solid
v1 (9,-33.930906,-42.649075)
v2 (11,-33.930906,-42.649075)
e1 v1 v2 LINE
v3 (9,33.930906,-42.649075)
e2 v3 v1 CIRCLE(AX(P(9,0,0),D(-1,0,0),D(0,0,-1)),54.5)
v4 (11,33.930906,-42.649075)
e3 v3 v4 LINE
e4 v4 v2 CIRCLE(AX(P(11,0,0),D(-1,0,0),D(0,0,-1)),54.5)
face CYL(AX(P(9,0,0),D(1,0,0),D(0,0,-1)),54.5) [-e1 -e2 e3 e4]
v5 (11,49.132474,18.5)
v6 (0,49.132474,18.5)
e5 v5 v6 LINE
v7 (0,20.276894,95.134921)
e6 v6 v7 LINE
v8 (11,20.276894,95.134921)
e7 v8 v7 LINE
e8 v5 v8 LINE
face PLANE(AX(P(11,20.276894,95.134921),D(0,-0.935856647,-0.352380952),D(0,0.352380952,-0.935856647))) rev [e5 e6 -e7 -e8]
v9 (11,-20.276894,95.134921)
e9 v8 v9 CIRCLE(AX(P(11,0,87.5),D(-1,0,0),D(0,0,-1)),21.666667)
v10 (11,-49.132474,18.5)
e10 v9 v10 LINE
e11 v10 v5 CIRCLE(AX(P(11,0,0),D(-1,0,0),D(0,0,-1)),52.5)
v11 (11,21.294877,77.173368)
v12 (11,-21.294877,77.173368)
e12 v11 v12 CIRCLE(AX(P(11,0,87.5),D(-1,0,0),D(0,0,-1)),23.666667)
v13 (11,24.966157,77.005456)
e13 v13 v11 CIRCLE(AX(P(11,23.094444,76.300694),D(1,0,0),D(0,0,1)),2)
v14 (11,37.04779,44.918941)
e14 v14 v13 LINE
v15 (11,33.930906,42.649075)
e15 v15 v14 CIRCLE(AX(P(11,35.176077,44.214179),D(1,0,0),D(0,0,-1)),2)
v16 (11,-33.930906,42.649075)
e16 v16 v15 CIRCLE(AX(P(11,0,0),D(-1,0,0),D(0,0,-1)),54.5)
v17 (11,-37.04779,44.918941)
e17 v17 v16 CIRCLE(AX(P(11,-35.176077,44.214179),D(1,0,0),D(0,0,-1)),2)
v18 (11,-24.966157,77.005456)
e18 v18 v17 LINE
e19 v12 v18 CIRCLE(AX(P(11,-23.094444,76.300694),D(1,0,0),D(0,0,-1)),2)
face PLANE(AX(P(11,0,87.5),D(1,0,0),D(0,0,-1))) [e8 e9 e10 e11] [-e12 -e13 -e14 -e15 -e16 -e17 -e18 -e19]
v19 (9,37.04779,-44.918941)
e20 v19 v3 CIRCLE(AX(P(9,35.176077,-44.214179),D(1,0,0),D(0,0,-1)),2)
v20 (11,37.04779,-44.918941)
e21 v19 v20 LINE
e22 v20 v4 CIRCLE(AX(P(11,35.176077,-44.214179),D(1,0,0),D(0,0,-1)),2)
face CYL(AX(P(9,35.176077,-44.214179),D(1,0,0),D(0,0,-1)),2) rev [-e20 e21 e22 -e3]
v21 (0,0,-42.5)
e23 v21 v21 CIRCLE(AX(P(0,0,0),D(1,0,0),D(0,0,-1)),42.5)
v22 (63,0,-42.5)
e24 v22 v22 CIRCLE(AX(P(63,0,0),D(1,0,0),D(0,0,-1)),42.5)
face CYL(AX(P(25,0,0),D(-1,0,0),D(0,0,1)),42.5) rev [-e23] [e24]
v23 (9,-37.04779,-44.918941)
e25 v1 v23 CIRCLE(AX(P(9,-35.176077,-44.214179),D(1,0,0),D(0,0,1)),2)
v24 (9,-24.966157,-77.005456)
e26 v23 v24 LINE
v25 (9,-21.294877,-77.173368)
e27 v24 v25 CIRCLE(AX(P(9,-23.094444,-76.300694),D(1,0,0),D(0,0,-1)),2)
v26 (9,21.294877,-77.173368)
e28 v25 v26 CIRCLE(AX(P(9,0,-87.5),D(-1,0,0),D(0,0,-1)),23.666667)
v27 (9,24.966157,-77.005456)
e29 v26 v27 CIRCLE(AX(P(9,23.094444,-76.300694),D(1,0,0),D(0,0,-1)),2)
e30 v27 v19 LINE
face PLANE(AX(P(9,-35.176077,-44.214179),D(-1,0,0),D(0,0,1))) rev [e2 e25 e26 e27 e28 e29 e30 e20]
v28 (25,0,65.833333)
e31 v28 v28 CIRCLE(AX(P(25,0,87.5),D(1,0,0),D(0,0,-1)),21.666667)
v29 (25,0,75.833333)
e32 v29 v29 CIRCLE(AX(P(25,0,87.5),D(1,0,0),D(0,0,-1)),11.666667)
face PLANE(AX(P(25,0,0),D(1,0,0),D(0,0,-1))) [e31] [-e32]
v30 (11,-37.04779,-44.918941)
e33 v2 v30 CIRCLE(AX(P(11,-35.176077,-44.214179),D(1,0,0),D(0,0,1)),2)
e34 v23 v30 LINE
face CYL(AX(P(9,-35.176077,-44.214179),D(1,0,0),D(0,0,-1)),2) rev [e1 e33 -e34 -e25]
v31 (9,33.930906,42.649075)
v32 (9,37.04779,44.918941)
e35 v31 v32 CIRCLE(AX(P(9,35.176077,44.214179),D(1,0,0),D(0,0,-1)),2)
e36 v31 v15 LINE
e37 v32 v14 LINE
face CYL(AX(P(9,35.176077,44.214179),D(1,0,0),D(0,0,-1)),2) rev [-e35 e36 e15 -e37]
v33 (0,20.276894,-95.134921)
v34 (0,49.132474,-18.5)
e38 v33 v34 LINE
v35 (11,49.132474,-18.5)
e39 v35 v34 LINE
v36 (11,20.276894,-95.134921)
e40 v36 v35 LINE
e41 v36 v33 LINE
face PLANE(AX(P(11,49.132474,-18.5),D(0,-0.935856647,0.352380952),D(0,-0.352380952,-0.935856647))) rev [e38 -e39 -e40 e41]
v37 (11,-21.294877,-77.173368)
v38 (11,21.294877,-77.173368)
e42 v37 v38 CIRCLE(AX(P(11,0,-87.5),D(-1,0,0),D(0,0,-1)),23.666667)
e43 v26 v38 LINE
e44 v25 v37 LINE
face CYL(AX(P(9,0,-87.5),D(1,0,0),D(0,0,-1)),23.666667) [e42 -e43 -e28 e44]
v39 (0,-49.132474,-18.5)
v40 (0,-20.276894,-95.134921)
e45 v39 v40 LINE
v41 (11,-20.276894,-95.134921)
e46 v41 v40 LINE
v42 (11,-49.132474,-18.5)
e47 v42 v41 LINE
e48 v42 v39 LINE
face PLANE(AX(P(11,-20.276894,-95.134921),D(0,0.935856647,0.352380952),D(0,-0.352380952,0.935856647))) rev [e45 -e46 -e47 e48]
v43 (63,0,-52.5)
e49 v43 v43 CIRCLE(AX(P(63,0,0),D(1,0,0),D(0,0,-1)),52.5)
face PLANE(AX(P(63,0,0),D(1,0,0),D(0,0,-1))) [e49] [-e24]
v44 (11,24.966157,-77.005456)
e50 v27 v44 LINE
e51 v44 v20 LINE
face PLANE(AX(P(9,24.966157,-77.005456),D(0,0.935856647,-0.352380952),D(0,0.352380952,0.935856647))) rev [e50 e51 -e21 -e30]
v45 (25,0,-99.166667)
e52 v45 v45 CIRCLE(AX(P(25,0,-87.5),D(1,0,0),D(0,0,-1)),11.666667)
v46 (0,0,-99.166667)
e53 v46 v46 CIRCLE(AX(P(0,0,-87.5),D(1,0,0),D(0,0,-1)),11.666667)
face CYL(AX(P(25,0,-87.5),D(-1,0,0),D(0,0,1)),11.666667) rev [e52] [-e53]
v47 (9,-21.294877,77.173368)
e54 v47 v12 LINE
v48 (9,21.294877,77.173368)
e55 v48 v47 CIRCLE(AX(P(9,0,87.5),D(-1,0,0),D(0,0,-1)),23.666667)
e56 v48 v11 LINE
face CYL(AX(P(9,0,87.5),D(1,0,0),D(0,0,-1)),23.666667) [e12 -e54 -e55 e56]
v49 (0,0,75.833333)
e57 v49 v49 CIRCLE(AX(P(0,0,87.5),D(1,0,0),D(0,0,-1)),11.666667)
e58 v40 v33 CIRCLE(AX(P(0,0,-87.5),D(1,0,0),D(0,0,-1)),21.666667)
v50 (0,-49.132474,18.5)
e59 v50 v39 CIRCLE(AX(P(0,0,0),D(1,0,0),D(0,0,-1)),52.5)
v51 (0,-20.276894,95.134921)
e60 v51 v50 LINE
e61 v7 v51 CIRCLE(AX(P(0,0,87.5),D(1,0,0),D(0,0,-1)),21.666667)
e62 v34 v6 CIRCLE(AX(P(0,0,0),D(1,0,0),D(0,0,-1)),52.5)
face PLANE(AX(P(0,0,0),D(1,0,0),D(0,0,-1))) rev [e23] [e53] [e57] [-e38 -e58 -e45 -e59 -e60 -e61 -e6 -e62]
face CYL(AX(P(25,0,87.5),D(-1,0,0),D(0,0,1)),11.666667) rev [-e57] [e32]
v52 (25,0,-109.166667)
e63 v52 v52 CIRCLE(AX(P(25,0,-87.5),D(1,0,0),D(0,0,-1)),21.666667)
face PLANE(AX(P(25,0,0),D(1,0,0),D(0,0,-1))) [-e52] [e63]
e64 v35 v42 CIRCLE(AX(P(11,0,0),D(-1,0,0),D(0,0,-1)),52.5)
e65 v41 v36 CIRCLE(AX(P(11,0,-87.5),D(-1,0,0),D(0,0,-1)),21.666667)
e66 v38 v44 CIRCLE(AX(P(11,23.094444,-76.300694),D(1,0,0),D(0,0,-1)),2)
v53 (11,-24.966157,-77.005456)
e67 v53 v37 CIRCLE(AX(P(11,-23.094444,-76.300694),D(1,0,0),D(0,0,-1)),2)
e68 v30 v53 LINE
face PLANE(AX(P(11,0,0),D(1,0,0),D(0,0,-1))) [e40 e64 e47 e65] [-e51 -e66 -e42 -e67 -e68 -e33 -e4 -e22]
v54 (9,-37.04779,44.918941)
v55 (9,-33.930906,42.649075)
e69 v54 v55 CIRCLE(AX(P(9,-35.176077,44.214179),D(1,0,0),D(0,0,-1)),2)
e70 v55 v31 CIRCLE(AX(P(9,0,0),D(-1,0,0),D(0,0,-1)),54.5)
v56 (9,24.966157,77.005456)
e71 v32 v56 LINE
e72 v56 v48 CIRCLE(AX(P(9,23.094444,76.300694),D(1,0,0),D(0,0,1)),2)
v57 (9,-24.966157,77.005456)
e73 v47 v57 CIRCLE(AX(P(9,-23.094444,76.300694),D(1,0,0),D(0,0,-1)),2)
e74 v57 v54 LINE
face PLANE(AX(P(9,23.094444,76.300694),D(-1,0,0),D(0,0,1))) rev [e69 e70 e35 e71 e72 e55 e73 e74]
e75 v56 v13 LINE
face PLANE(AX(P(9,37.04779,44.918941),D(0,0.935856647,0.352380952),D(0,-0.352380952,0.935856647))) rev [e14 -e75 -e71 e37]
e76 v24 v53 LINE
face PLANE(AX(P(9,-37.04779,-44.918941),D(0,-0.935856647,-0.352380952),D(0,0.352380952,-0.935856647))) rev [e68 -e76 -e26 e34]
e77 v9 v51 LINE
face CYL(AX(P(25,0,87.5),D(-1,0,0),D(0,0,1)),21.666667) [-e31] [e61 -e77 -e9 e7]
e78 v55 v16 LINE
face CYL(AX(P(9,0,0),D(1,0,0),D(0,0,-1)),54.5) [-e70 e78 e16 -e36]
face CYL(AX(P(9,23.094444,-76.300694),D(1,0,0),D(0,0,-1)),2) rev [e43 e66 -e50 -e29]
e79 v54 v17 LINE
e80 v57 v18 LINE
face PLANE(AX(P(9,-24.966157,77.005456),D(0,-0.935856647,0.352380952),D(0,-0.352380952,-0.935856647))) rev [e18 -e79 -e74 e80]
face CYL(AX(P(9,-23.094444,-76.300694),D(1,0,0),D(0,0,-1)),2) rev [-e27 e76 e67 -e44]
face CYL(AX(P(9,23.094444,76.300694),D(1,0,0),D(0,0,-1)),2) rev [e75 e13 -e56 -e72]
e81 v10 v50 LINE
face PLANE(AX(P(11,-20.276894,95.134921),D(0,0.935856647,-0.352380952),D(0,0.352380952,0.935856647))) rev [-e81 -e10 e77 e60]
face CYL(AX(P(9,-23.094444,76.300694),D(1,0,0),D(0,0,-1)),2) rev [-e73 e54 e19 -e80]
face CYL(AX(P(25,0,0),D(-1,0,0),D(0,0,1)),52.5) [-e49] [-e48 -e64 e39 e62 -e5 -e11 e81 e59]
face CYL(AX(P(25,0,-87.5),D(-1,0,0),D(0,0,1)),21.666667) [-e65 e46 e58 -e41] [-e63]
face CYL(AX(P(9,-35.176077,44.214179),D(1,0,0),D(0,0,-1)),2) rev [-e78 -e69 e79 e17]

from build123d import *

# Parameters (mm, degrees)
SKETCH1_R             = 52.5
SKETCH1_R_2           = 42.5
BOSS_EXTRUDE1_DEPTH   = 25
SKETCH1_R_3           = 21.666666667
SKETCH1_R_4           = 11.666666667
BOSS_EXTRUDE1_2_DEPTH = 25
BOSS_EXTRUDE1_3_DEPTH = 25
SKETCH2_R             = 52.5
SKETCH2_R_2           = 42.5
BOSS_EXTRUDE2_DEPTH   = 38
BOSS_EXTRUDE3_DEPTH   = 11
CUT_EXTRUDE1_DEPTH    = 2


with BuildPart() as part:
    # Sketch1 → Boss-Extrude1 (new body)
    with BuildSketch(Plane(origin=(0, 0, 0), x_dir=(0, 0, -1), z_dir=(1, 0, 0))):
        Circle(SKETCH1_R)
        Circle(SKETCH1_R_2, mode=Mode.SUBTRACT)
    extrude(amount=BOSS_EXTRUDE1_DEPTH)

    # Sketch2 → Boss-Extrude2 (add)
    with BuildSketch(Plane(origin=(25, 0, 0), x_dir=(0, 0, -1), z_dir=(1, 0, 0))):
        Circle(SKETCH2_R)
        Circle(SKETCH2_R_2, mode=Mode.SUBTRACT)
    extrude(amount=BOSS_EXTRUDE2_DEPTH)



with BuildPart() as body_2:
    # Sketch1 → Boss-Extrude1 2 (new body)
    with BuildSketch(Plane(origin=(0, 0, 0), x_dir=(0, 0, -1), z_dir=(1, 0, 0))):
        with Locations((87.5, 0)):
            Circle(SKETCH1_R_3)
        with Locations((87.5, 0)):
            Circle(SKETCH1_R_4, mode=Mode.SUBTRACT)
    extrude(amount=BOSS_EXTRUDE1_2_DEPTH)


with BuildPart() as body_3:
    # Sketch1 → Boss-Extrude1 3 (new body)
    with BuildSketch(Plane(origin=(0, 0, 0), x_dir=(0, 0, -1), z_dir=(1, 0, 0))):
        with Locations((-87.5, 0)):
            Circle(SKETCH1_R_3)
        with Locations((-87.5, 0)):
            Circle(SKETCH1_R_4, mode=Mode.SUBTRACT)
    extrude(amount=BOSS_EXTRUDE1_3_DEPTH)


with BuildPart() as part_1:
    add(part.part)

    add(body_2.part)  # Boss-Extrude3 merges body 2

    add(body_3.part)  # Boss-Extrude3 merges body 3
    # Sketch4 → Boss-Extrude3 (add)
    with BuildSketch(Plane(origin=(0, 0, 0), x_dir=(0, 0, -1), z_dir=(1, 0, 0))):
        with BuildLine():
            Line((18.5, 49.132473986), (95.134920635, 20.276894026))
            ThreePointArc((95.134920635, 20.276894026), (65.833333333, 0), (95.134920635, -20.276894026))
            Line((95.134920635, -20.276894026), (18.5, -49.132473986))
            ThreePointArc((18.5, -49.132473986), (52.5, 0), (18.5, 49.132473986))
        make_face()
        with BuildLine():
            Line((-95.134920635, -20.276894026), (-18.5, -49.132473986))
            ThreePointArc((-18.5, -49.132473986), (-52.5, 0), (-18.5, 49.132473986))
            Line((-18.5, 49.132473986), (-95.134920635, 20.276894026))
            ThreePointArc((-95.134920635, 20.276894026), (-65.833333333, 0), (-95.134920635, -20.276894026))
        make_face()
    extrude(amount=BOSS_EXTRUDE3_DEPTH)

    # Sketch5 → Cut-Extrude1 (cut)
    with BuildSketch(Plane(origin=(11, 0, 0), x_dir=(0, 0, -1), z_dir=(1, 0, 0))):
        with BuildLine():
            Line((-77.005456237, -24.966157006), (-44.91894061, -37.047790413))
            ThreePointArc((-44.91894061, -37.047790413), (-42.59745711, -36.353451861), (-42.649075034, -33.930906247))
            ThreePointArc((-42.649075034, -33.930906247), (-54.5, 0), (-42.649075034, 33.930906247))
            ThreePointArc((-42.649075034, 33.930906247), (-42.59745711, 36.353451861), (-44.91894061, 37.047790413))
            Line((-44.91894061, 37.047790413), (-77.005456237, 24.966157006))
            ThreePointArc((-77.005456237, 24.966157006), (-78.298605787, 23.185821053), (-77.173367501, 21.294876669))
            ThreePointArc((-77.173367501, 21.294876669), (-63.833333333, 0), (-77.173367501, -21.294876669))
            ThreePointArc((-77.173367501, -21.294876669), (-78.298605787, -23.185821053), (-77.005456237, -24.966157006))
        make_face()
        with BuildLine():
            Line((77.005456237, 24.966157006), (44.91894061, 37.047790413))
            ThreePointArc((44.91894061, 37.047790413), (42.59745711, 36.353451861), (42.649075034, 33.930906247))
            ThreePointArc((42.649075034, 33.930906247), (54.5, 0), (42.649075034, -33.930906247))
            ThreePointArc((42.649075034, -33.930906247), (42.59745711, -36.353451861), (44.91894061, -37.047790413))
            Line((44.91894061, -37.047790413), (77.005456237, -24.966157006))
            ThreePointArc((77.005456237, -24.966157006), (78.298605787, -23.185821053), (77.173367501, -21.294876669))
            ThreePointArc((77.173367501, -21.294876669), (63.833333333, 0), (77.173367501, 21.294876669))
            ThreePointArc((77.173367501, 21.294876669), (78.298605787, 23.185821053), (77.005456237, 24.966157006))
        make_face()
    extrude(amount=-CUT_EXTRUDE1_DEPTH, mode=Mode.SUBTRACT)


solid = part_1.part
